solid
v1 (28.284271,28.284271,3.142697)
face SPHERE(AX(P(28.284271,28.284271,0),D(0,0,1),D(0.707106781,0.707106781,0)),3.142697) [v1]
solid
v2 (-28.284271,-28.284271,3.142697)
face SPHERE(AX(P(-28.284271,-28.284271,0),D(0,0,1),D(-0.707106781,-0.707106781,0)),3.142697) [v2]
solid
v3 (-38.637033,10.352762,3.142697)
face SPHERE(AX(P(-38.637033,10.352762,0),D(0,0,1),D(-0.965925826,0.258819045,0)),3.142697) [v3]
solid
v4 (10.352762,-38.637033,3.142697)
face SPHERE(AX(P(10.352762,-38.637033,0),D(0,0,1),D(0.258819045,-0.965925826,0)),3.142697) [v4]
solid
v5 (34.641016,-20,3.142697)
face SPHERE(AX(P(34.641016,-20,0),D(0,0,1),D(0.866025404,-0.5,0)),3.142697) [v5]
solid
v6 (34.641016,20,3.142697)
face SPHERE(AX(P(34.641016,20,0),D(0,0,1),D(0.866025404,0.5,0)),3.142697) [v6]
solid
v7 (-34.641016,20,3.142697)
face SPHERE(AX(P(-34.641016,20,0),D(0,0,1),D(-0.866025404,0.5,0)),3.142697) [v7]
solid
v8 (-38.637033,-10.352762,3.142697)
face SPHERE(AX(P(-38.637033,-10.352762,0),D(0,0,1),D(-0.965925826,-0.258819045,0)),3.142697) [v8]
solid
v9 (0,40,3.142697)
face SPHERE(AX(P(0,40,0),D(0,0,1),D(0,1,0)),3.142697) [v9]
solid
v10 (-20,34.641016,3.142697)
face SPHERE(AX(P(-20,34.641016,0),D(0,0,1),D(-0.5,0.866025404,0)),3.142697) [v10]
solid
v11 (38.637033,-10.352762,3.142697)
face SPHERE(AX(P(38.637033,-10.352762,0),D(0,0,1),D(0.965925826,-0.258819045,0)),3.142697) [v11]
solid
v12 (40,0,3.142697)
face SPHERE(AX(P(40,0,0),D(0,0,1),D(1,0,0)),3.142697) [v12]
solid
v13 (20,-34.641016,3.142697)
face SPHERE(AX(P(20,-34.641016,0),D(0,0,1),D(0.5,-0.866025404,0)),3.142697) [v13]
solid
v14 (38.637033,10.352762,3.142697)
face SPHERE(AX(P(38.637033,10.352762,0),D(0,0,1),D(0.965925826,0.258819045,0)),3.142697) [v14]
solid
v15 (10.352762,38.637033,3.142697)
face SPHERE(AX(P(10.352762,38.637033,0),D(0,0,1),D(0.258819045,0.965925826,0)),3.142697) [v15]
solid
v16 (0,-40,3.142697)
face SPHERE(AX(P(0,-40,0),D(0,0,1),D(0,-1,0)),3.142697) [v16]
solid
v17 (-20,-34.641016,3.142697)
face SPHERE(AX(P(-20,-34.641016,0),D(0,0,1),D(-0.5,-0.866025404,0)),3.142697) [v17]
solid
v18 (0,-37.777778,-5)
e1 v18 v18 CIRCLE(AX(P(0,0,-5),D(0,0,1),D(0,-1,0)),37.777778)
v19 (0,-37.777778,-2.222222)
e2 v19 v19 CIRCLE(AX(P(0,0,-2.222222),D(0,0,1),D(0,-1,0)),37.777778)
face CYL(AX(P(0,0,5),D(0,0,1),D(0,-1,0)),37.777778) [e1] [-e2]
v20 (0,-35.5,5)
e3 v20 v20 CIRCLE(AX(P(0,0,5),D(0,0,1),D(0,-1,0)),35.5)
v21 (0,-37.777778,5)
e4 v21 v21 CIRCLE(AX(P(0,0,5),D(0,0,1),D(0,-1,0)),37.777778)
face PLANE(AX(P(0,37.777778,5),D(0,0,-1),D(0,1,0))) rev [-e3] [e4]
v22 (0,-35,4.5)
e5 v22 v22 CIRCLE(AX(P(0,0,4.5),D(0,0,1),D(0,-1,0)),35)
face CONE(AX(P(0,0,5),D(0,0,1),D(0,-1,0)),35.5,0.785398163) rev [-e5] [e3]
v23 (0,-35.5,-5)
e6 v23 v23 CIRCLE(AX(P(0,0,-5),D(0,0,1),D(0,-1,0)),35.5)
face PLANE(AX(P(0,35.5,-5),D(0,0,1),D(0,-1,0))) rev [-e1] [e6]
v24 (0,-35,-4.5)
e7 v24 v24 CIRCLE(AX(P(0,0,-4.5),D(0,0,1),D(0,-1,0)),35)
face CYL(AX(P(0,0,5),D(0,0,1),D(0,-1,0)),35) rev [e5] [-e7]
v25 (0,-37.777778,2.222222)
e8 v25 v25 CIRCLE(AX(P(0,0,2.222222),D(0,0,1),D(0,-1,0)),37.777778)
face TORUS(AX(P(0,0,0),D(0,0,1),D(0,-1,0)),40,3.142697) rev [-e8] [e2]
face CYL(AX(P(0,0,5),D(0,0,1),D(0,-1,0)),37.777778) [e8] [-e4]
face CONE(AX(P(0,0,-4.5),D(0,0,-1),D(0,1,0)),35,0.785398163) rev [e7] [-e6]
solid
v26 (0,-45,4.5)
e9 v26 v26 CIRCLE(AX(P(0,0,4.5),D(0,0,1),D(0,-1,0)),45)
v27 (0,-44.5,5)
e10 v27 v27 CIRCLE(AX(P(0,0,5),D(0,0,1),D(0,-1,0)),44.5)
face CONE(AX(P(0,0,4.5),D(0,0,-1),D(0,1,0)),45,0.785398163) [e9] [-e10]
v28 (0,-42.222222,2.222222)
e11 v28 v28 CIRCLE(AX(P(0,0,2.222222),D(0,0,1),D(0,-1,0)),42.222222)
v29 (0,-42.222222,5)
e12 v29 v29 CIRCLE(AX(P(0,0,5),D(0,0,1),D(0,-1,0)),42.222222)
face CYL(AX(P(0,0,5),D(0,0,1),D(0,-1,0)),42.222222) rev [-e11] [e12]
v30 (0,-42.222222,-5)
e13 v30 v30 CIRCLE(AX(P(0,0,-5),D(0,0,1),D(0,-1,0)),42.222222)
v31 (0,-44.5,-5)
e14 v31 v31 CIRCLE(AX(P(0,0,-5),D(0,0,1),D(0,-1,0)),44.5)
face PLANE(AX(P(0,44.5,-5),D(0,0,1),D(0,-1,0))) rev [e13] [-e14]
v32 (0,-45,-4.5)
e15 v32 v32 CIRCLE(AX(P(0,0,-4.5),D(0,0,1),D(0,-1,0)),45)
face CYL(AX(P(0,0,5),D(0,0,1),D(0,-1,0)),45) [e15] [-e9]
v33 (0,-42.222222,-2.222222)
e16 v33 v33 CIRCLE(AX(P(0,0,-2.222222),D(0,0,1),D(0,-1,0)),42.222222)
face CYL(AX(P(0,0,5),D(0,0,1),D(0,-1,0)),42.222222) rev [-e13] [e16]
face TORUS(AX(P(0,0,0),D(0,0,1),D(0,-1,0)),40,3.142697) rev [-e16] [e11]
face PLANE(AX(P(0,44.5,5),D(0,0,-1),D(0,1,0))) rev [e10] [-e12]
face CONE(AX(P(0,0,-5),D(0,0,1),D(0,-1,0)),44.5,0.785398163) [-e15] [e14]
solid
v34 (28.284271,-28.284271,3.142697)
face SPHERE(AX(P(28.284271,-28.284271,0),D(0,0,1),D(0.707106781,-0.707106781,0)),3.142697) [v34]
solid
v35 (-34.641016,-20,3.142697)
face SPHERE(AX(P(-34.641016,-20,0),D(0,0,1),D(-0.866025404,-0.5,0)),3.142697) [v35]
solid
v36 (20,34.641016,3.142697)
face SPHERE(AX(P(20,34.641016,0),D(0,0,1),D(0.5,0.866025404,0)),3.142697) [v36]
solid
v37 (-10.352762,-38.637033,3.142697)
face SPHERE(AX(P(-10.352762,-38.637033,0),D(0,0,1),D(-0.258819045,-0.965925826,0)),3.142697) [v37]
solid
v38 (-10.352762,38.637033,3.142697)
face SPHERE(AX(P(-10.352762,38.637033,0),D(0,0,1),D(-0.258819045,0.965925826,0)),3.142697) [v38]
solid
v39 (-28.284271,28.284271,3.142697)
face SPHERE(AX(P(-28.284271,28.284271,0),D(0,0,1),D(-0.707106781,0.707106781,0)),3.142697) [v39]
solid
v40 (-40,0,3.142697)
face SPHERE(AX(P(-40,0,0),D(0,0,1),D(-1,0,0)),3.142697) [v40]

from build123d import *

# Parameters (mm, degrees)
CIRPATTERN1_COUNT = 24


with BuildPart() as part:
    # Sketch6 → Revolve5 (revolve)
    with BuildSketch(Plane(origin=(0, 0, 0), x_dir=(0, 0, -1), z_dir=(1, 0, 0)), mode=Mode.PRIVATE) as revolve5_sk:
        with BuildLine():
            Line((4.5, 45), (5, 44.5))
            Line((5, 44.5), (5, 42.222222222))
            Line((5, 42.222222222), (2.222222222, 42.222222222))
            ThreePointArc((2.222222222, 42.222222222), (0, 43.142696805), (-2.222222222, 42.222222222))
            Line((-2.222222222, 42.222222222), (-5, 42.222222222))
            Line((-5, 42.222222222), (-5, 44.5))
            Line((-5, 44.5), (-4.5, 45))
            Line((-4.5, 45), (4.5, 45))
        make_face()
    revolve(revolve5_sk.sketch.rotate(Axis((0, 0, 5), (0, 0, -1)), 180), axis=Axis((0, 0, 5), (0, 0, -1)))


with BuildPart() as body_2:
    # Sketch3 → Revolve3 (revolve)
    with BuildSketch(Plane(origin=(0, 0, 0), x_dir=(0, 0, -1), z_dir=(1, 0, 0)), mode=Mode.PRIVATE) as revolve3_sk:
        with BuildLine():
            Line((-5, 37.777777778), (-2.222222222, 37.777777778))
            ThreePointArc((-2.222222222, 37.777777778), (0, 36.857303195), (2.222222222, 37.777777778))
            Line((2.222222222, 37.777777778), (5, 37.777777778))
            Line((5, 37.777777778), (5, 35.5))
            Line((5, 35.5), (4.5, 35))
            Line((4.5, 35), (-4.5, 35))
            Line((-4.5, 35), (-5, 35.5))
            Line((-5, 35.5), (-5, 37.777777778))
        make_face()
    revolve(revolve3_sk.sketch.rotate(Axis((0, 0, 5), (0, 0, -1)), 180), axis=Axis((0, 0, 5), (0, 0, -1)))


with BuildPart() as body_3:
    # Sketch4 → Revolve4 (revolve)
    with BuildSketch(Plane(origin=(0, 0, 0), x_dir=(0, 0, -1), z_dir=(1, 0, 0))):
        with BuildLine():
            Line((-3.142696805, 40), (3.142696805, 40))
            ThreePointArc((3.142696805, 40), (0, 43.142696805), (-3.142696805, 40))
        make_face()
    revolve(axis=Axis((0, 40, 3.142696805), (0, 0, -1)))


with BuildPart() as cirpattern1_1:
    # CirPattern1: pattern copy
    add(body_3.part.rotate(Axis((0, 0, 0), (0, 0, 1)), 1 * 360 / CIRPATTERN1_COUNT))


with BuildPart() as cirpattern1_2:
    # CirPattern1: pattern copy
    add(body_3.part.rotate(Axis((0, 0, 0), (0, 0, 1)), 2 * 360 / CIRPATTERN1_COUNT))


with BuildPart() as cirpattern1_3:
    # CirPattern1: pattern copy
    add(body_3.part.rotate(Axis((0, 0, 0), (0, 0, 1)), 3 * 360 / CIRPATTERN1_COUNT))


with BuildPart() as cirpattern1_4:
    # CirPattern1: pattern copy
    add(body_3.part.rotate(Axis((0, 0, 0), (0, 0, 1)), 4 * 360 / CIRPATTERN1_COUNT))


with BuildPart() as cirpattern1_5:
    # CirPattern1: pattern copy
    add(body_3.part.rotate(Axis((0, 0, 0), (0, 0, 1)), 5 * 360 / CIRPATTERN1_COUNT))


with BuildPart() as cirpattern1_6:
    # CirPattern1: pattern copy
    add(body_3.part.rotate(Axis((0, 0, 0), (0, 0, 1)), 6 * 360 / CIRPATTERN1_COUNT))


with BuildPart() as cirpattern1_7:
    # CirPattern1: pattern copy
    add(body_3.part.rotate(Axis((0, 0, 0), (0, 0, 1)), 7 * 360 / CIRPATTERN1_COUNT))


with BuildPart() as cirpattern1_8:
    # CirPattern1: pattern copy
    add(body_3.part.rotate(Axis((0, 0, 0), (0, 0, 1)), 8 * 360 / CIRPATTERN1_COUNT))


with BuildPart() as cirpattern1_9:
    # CirPattern1: pattern copy
    add(body_3.part.rotate(Axis((0, 0, 0), (0, 0, 1)), 9 * 360 / CIRPATTERN1_COUNT))


with BuildPart() as cirpattern1_10:
    # CirPattern1: pattern copy
    add(body_3.part.rotate(Axis((0, 0, 0), (0, 0, 1)), 10 * 360 / CIRPATTERN1_COUNT))


with BuildPart() as cirpattern1_11:
    # CirPattern1: pattern copy
    add(body_3.part.rotate(Axis((0, 0, 0), (0, 0, 1)), 11 * 360 / CIRPATTERN1_COUNT))


with BuildPart() as cirpattern1_12:
    # CirPattern1: pattern copy
    add(body_3.part.rotate(Axis((0, 0, 0), (0, 0, 1)), 12 * 360 / CIRPATTERN1_COUNT))


with BuildPart() as cirpattern1_13:
    # CirPattern1: pattern copy
    add(body_3.part.rotate(Axis((0, 0, 0), (0, 0, 1)), 13 * 360 / CIRPATTERN1_COUNT))


with BuildPart() as cirpattern1_14:
    # CirPattern1: pattern copy
    add(body_3.part.rotate(Axis((0, 0, 0), (0, 0, 1)), 14 * 360 / CIRPATTERN1_COUNT))


with BuildPart() as cirpattern1_15:
    # CirPattern1: pattern copy
    add(body_3.part.rotate(Axis((0, 0, 0), (0, 0, 1)), 15 * 360 / CIRPATTERN1_COUNT))


with BuildPart() as cirpattern1_16:
    # CirPattern1: pattern copy
    add(body_3.part.rotate(Axis((0, 0, 0), (0, 0, 1)), 16 * 360 / CIRPATTERN1_COUNT))


with BuildPart() as cirpattern1_17:
    # CirPattern1: pattern copy
    add(body_3.part.rotate(Axis((0, 0, 0), (0, 0, 1)), 17 * 360 / CIRPATTERN1_COUNT))


with BuildPart() as cirpattern1_18:
    # CirPattern1: pattern copy
    add(body_3.part.rotate(Axis((0, 0, 0), (0, 0, 1)), 18 * 360 / CIRPATTERN1_COUNT))


with BuildPart() as cirpattern1_19:
    # CirPattern1: pattern copy
    add(body_3.part.rotate(Axis((0, 0, 0), (0, 0, 1)), 19 * 360 / CIRPATTERN1_COUNT))


with BuildPart() as cirpattern1_20:
    # CirPattern1: pattern copy
    add(body_3.part.rotate(Axis((0, 0, 0), (0, 0, 1)), 20 * 360 / CIRPATTERN1_COUNT))


with BuildPart() as cirpattern1_21:
    # CirPattern1: pattern copy
    add(body_3.part.rotate(Axis((0, 0, 0), (0, 0, 1)), 21 * 360 / CIRPATTERN1_COUNT))


with BuildPart() as cirpattern1_22:
    # CirPattern1: pattern copy
    add(body_3.part.rotate(Axis((0, 0, 0), (0, 0, 1)), 22 * 360 / CIRPATTERN1_COUNT))


with BuildPart() as cirpattern1_23:
    # CirPattern1: pattern copy
    add(body_3.part.rotate(Axis((0, 0, 0), (0, 0, 1)), 23 * 360 / CIRPATTERN1_COUNT))


solid = Compound([part.part, body_2.part, body_3.part, cirpattern1_1.part, cirpattern1_2.part, cirpattern1_3.part, cirpattern1_4.part, cirpattern1_5.part, cirpattern1_6.part, cirpattern1_7.part, cirpattern1_8.part, cirpattern1_9.part, cirpattern1_10.part, cirpattern1_11.part, cirpattern1_12.part, cirpattern1_13.part, cirpattern1_14.part, cirpattern1_15.part, cirpattern1_16.part, cirpattern1_17.part, cirpattern1_18.part, cirpattern1_19.part, cirpattern1_20.part, cirpattern1_21.part, cirpattern1_22.part, cirpattern1_23.part])
